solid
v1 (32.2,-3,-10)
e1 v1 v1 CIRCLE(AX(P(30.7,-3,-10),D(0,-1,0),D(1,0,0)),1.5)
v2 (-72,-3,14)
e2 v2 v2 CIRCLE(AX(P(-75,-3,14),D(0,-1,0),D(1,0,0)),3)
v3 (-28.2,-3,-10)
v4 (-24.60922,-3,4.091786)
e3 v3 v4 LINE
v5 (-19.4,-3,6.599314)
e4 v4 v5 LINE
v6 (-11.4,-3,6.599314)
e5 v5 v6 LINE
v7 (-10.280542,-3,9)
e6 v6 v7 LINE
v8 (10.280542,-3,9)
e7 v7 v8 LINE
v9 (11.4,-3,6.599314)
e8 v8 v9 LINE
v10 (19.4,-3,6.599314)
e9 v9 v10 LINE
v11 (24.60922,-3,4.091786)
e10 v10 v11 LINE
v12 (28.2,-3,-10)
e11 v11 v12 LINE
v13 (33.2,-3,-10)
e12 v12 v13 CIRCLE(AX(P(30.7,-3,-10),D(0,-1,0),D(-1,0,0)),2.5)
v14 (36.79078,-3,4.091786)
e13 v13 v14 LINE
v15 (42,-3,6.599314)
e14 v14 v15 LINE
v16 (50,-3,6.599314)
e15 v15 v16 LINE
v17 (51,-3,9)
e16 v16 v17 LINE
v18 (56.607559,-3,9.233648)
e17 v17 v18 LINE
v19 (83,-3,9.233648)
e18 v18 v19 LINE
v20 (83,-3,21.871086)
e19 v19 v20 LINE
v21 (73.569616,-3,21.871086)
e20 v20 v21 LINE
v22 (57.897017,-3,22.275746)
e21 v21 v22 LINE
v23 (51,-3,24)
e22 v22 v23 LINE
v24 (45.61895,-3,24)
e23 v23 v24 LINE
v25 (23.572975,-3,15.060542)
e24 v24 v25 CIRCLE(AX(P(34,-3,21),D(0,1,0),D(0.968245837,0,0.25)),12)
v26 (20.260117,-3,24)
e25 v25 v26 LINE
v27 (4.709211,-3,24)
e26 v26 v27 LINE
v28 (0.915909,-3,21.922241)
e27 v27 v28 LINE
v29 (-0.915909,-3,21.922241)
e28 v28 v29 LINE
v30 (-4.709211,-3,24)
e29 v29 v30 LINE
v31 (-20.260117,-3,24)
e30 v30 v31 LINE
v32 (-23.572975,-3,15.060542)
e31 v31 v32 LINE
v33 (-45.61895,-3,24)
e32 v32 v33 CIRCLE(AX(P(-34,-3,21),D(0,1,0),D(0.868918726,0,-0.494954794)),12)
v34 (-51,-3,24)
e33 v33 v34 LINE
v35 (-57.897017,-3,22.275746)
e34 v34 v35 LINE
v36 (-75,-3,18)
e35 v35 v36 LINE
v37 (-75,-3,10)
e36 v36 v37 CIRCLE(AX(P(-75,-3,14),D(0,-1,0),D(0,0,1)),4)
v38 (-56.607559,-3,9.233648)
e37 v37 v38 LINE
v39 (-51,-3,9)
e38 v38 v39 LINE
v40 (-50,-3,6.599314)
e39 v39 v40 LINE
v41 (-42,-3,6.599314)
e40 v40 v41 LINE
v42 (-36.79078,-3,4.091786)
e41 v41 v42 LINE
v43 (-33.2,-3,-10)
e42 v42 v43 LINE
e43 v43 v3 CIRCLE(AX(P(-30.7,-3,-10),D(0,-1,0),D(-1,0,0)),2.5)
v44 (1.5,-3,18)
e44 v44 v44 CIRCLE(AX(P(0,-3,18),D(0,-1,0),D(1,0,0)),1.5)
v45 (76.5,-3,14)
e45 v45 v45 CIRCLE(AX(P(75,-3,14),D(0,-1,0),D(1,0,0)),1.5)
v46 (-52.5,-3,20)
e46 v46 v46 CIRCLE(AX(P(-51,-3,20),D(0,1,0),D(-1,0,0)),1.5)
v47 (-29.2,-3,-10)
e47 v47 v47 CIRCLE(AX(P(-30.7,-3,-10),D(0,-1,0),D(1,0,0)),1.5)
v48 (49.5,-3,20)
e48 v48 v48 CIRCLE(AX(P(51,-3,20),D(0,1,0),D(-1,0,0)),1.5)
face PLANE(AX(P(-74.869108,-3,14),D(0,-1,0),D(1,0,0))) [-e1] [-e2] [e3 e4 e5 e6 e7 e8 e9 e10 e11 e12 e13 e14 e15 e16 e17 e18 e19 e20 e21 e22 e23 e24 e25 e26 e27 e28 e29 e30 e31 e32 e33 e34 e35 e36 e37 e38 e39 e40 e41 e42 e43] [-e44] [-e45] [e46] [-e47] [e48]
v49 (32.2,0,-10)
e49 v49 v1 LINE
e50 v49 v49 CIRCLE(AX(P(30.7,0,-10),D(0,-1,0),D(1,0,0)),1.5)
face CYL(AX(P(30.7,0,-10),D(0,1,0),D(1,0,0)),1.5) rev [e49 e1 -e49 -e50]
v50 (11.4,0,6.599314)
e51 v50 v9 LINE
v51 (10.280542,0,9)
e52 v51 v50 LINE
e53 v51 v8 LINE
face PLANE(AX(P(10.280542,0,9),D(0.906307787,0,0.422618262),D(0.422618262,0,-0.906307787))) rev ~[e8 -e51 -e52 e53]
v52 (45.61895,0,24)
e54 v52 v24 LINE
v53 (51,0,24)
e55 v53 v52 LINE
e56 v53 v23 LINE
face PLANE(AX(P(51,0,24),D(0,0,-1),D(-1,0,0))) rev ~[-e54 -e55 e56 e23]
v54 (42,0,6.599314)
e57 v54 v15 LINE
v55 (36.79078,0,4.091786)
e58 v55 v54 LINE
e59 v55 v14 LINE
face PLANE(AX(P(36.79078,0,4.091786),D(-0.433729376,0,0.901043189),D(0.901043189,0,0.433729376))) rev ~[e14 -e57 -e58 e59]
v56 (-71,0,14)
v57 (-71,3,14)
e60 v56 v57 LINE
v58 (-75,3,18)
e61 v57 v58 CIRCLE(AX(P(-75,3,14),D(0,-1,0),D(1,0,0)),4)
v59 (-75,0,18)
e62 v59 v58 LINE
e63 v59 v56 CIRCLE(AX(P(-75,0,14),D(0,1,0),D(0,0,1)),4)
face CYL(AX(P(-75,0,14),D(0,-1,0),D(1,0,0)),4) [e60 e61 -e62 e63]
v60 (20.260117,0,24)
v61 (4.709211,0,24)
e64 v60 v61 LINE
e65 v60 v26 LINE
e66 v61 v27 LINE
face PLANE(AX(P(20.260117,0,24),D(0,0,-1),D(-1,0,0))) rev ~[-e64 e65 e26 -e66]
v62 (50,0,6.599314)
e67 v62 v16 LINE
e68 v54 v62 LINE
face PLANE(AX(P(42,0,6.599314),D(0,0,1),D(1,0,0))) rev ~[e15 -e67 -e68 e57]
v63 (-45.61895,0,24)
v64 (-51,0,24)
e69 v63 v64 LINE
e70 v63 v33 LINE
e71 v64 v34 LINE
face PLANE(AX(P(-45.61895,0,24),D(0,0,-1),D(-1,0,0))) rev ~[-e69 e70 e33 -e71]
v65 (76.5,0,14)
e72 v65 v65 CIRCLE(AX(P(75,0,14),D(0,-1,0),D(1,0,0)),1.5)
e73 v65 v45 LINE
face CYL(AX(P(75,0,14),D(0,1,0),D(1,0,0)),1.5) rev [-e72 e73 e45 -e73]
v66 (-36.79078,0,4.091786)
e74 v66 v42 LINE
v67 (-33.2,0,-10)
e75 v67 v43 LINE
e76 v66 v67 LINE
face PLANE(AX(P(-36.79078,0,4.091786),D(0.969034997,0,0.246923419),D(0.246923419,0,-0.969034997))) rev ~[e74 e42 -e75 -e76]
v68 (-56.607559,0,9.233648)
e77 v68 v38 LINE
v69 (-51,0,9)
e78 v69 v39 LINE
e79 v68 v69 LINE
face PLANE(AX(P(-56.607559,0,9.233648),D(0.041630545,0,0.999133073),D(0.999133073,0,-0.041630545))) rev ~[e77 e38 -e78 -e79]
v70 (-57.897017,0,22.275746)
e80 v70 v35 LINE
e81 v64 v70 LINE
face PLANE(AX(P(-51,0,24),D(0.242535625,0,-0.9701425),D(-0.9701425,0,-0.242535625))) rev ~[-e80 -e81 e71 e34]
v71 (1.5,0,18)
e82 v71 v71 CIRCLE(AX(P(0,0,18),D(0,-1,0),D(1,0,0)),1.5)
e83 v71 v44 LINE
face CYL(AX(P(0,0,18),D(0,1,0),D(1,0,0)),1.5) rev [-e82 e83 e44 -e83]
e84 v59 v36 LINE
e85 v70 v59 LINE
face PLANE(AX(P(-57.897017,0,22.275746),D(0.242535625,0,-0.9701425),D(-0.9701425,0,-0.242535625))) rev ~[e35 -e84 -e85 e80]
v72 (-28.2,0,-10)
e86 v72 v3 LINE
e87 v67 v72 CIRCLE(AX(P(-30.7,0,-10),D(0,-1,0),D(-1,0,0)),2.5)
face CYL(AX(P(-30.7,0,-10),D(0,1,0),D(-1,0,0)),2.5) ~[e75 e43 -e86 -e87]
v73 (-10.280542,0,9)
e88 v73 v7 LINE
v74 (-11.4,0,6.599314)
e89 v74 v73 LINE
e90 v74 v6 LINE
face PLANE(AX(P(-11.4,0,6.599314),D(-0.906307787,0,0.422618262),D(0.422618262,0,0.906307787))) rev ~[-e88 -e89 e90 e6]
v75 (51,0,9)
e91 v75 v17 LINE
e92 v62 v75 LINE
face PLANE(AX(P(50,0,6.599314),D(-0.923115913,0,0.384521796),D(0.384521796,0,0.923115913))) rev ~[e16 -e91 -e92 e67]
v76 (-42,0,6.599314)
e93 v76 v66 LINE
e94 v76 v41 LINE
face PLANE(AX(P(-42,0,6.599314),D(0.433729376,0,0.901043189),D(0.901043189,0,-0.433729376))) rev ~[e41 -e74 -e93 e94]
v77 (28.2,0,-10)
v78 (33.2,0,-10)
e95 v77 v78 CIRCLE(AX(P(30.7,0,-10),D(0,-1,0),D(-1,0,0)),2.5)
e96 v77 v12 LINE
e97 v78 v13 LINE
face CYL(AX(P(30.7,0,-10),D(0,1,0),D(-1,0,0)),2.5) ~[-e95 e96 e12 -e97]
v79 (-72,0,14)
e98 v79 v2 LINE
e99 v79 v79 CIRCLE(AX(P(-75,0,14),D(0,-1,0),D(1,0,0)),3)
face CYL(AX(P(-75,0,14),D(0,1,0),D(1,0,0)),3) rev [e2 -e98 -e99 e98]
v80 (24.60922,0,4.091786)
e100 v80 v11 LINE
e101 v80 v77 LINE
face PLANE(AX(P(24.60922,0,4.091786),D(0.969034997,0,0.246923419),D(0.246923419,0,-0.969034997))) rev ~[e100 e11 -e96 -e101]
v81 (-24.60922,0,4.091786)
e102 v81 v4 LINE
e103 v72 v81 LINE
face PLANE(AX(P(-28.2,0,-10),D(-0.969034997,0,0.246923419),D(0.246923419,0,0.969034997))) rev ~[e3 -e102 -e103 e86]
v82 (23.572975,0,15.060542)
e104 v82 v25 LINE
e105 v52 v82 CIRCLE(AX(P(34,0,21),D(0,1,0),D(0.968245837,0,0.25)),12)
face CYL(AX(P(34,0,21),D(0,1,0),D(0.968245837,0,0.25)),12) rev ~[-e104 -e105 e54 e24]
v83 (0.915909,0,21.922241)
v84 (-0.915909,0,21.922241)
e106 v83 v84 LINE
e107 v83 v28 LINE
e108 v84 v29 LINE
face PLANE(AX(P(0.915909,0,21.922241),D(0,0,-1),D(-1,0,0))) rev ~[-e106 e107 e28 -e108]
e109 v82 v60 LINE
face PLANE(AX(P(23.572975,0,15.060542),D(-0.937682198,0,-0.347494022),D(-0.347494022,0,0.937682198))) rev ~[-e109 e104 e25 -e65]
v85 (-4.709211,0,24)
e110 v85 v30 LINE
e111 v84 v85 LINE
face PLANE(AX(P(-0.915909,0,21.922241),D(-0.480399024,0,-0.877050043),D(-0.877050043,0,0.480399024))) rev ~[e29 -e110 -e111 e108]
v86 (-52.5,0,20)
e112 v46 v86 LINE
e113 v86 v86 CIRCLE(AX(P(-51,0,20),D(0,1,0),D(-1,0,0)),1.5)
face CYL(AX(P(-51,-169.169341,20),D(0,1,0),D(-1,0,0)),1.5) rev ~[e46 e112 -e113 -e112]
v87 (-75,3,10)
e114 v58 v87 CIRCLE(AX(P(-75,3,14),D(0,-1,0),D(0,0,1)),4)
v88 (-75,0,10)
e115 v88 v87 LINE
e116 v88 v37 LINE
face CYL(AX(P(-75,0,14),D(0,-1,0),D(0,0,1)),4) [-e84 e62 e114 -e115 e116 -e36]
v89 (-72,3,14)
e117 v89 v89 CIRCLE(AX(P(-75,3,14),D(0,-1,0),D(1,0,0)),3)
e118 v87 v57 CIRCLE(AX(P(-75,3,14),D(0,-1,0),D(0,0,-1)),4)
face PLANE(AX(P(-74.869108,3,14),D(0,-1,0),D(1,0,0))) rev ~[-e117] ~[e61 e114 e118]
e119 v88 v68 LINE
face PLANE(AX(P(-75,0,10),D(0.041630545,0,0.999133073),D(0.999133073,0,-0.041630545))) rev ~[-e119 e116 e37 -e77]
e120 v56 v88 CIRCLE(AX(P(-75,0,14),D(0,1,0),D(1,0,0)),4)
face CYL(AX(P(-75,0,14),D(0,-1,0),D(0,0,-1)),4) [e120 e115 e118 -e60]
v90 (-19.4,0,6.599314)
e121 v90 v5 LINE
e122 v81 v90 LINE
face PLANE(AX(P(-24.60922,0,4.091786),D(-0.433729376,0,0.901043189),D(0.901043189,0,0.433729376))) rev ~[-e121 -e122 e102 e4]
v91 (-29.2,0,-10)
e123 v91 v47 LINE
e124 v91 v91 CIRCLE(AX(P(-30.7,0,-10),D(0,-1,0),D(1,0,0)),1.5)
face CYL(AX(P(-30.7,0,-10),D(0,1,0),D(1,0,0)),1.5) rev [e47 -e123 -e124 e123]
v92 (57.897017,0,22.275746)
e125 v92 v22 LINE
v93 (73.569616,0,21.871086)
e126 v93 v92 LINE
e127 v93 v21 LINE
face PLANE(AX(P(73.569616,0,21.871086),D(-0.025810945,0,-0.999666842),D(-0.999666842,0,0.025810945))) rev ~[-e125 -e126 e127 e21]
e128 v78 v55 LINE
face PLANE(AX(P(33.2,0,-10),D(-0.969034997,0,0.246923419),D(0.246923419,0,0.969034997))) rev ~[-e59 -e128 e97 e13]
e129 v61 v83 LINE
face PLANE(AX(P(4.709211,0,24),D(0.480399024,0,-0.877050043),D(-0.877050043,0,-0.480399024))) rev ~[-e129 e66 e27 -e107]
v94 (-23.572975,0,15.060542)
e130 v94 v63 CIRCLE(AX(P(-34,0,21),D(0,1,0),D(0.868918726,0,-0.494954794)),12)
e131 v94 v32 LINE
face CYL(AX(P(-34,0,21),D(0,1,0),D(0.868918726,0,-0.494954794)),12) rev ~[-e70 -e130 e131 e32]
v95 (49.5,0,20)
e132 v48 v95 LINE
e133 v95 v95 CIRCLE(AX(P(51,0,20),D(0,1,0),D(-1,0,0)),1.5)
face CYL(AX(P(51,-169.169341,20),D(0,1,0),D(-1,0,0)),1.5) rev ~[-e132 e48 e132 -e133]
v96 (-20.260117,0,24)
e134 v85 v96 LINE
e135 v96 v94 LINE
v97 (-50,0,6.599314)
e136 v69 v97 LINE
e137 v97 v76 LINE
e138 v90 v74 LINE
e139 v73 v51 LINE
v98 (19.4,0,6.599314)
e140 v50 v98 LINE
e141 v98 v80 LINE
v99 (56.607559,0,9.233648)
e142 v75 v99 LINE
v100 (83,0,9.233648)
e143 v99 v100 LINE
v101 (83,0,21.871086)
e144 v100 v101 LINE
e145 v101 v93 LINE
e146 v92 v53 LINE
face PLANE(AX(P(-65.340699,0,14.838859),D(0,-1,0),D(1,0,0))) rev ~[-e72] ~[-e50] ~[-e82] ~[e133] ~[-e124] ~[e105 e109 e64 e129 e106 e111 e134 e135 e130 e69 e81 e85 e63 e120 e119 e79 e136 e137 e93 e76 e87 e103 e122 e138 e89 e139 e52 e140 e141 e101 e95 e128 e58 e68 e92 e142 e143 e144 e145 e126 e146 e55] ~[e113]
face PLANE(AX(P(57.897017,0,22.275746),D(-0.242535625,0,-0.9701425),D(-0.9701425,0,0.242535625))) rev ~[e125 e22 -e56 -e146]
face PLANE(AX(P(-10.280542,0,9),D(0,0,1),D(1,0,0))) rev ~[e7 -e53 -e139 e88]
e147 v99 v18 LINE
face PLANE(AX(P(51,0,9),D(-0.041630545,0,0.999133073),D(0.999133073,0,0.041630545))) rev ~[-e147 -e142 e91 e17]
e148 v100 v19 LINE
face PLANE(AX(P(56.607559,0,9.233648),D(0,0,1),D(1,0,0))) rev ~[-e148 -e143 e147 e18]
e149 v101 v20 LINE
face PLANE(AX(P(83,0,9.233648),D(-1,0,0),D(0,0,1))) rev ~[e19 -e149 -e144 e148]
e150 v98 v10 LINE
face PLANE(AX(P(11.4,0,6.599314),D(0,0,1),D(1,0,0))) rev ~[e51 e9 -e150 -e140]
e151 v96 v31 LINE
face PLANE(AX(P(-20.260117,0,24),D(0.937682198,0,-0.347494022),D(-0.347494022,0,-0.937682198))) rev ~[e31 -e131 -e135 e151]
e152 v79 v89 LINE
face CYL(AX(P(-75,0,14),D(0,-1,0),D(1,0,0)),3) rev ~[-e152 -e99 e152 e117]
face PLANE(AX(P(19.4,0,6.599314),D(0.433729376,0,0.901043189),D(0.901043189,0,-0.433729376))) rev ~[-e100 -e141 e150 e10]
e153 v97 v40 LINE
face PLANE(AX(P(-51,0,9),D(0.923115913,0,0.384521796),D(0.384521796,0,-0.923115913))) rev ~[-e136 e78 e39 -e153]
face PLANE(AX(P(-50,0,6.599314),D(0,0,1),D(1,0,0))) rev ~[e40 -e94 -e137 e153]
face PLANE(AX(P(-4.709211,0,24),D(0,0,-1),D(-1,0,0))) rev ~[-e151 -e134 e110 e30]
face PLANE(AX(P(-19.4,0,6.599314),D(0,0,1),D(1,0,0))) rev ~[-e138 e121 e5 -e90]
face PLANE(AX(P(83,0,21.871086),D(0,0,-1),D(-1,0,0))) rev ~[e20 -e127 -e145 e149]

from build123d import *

# Parameters (mm, degrees)
F0_R     = 1.5
F1_DEPTH = 3
F0_R_2   = 3
F2_DEPTH = 3
F4_D     = 3


with BuildPart() as f1:
    # F0 (on Front) → F1 (new body)
    with BuildSketch(Plane.XZ):
        with BuildLine():
            Line((-57.8970168753, 22.2757457812), (-75, 18))
            ThreePointArc((-75, 18), (-72.1715728753, 16.8284271247), (-71, 14))
            ThreePointArc((-71, 14), (-72.1715728753, 11.1715728753), (-75, 10))
            Line((-75, 10), (-56.6075588533, 9.2336482856))
            ThreePointArc((-56.6075588533, 9.2336482856), (-56.0921877833, 15.8693948691), (-57.8970168753, 22.2757457812))
        make_face()
        with BuildLine():
            Line((-51, 24), (-57.8970168753, 22.2757457812))
            ThreePointArc((-57.8970168753, 22.2757457812), (-56.0921877833, 15.8693948691), (-56.6075588533, 9.2336482856))
            Line((-56.6075588533, 9.2336482856), (-51, 9))
            Line((-51, 9), (-50, 6.5993144652))
            Line((-50, 6.5993144652), (-42, 6.5993144652))
            Line((-42, 6.5993144652), (-36.7907804817, 4.091785901))
            ThreePointArc((-36.7907804817, 4.091785901), (-30.7, 5.3517437692), (-24.6092195183, 4.091785901))
            Line((-24.6092195183, 4.091785901), (-19.4, 6.5993144652))
            Line((-19.4, 6.5993144652), (-11.4, 6.5993144652))
            Line((-11.4, 6.5993144652), (-10.2805419503, 9))
            Line((-10.2805419503, 9), (10.2805419503, 9))
            Line((10.2805419503, 9), (11.4, 6.5993144652))
            Line((11.4, 6.5993144652), (19.4, 6.5993144652))
            Line((19.4, 6.5993144652), (24.6092195183, 4.091785901))
            ThreePointArc((24.6092195183, 4.091785901), (30.7, 5.3517437692), (36.7907804817, 4.091785901))
            Line((36.7907804817, 4.091785901), (42, 6.5993144652))
            Line((42, 6.5993144652), (50, 6.5993144652))
            Line((50, 6.5993144652), (51, 9))
            Line((51, 9), (56.6075588533, 9.2336482856))
            ThreePointArc((56.6075588533, 9.2336482856), (56.0921877833, 15.8693948691), (57.8970168753, 22.2757457812))
            Line((57.8970168753, 22.2757457812), (51, 24))
            Line((51, 24), (45.6189500386, 24))
            ThreePointArc((45.6189500386, 24), (38.5092844997, 9.8794625444), (23.5729752888, 15.0605424767))
            Line((23.5729752888, 15.0605424767), (0, 12.9805740689))
            Line((0, 12.9805740689), (-23.5729752888, 15.0605424767))
            ThreePointArc((-23.5729752888, 15.0605424767), (-38.5092844997, 9.8794625444), (-45.6189500386, 24))
            Line((-45.6189500386, 24), (-51, 24))
        make_face()
        Polygon((-20.2601172091, 24), (-23.5729752888, 15.0605424767), (0, 12.9805740689), (23.5729752888, 15.0605424767), (20.2601172091, 24), (4.7092107675, 24), (0.9159085684, 21.9222409377), (-0.9159085684, 21.9222409377), (-4.7092107675, 24), align=None)
        with Locations((0, 18)):
            Circle(F0_R, mode=Mode.SUBTRACT)
        with BuildLine():
            Line((73.569615724, 21.8710863814), (57.8970168753, 22.2757457812))
            ThreePointArc((57.8970168753, 22.2757457812), (56.0921877833, 15.8693948691), (56.6075588533, 9.2336482856))
            Line((56.6075588533, 9.2336482856), (83, 9.2336482856))
            Line((83, 9.2336482856), (83, 21.8710863814))
            Line((83, 21.8710863814), (73.569615724, 21.8710863814))
        make_face()
        with Locations((75, 14)):
            Circle(F0_R, mode=Mode.SUBTRACT)
        with BuildLine():
            ThreePointArc((36.7907804817, 4.091785901), (30.7, 5.3517437692), (24.6092195183, 4.091785901))
            Line((24.6092195183, 4.091785901), (28.2, -10))
            ThreePointArc((28.2, -10), (30.7, -12.5), (33.2, -10))
            Line((33.2, -10), (36.7907804817, 4.091785901))
        make_face()
        with Locations((30.7, -10)):
            Circle(F0_R, mode=Mode.SUBTRACT)
        with BuildLine():
            ThreePointArc((-24.6092195183, 4.091785901), (-30.7, 5.3517437692), (-36.7907804817, 4.091785901))
            Line((-36.7907804817, 4.091785901), (-33.2, -10))
            ThreePointArc((-33.2, -10), (-30.7, -12.5), (-28.2, -10))
            Line((-28.2, -10), (-24.6092195183, 4.091785901))
        make_face()
        with Locations((-30.7, -10)):
            Circle(F0_R, mode=Mode.SUBTRACT)
    extrude(amount=F1_DEPTH)

    # F0 (on Front) → F2 (join, symmetric)
    with BuildSketch(Plane.XZ):
        with BuildLine():
            ThreePointArc((-71, 14), (-72.1715728753, 16.8284271247), (-75, 18))
            ThreePointArc((-75, 18), (-79, 14), (-75, 10))
            ThreePointArc((-75, 10), (-72.1715728753, 11.1715728753), (-71, 14))
        make_face()
        with Locations((-75, 14)):
            Circle(F0_R_2, mode=Mode.SUBTRACT)
    extrude(amount=F2_DEPTH, both=True)

    # F4 (through all)
    with Locations(Plane.XZ.offset(3)):
        with Locations((-51, 20), (51, 20)):
            Hole(F4_D / 2)


solid = f1.part
